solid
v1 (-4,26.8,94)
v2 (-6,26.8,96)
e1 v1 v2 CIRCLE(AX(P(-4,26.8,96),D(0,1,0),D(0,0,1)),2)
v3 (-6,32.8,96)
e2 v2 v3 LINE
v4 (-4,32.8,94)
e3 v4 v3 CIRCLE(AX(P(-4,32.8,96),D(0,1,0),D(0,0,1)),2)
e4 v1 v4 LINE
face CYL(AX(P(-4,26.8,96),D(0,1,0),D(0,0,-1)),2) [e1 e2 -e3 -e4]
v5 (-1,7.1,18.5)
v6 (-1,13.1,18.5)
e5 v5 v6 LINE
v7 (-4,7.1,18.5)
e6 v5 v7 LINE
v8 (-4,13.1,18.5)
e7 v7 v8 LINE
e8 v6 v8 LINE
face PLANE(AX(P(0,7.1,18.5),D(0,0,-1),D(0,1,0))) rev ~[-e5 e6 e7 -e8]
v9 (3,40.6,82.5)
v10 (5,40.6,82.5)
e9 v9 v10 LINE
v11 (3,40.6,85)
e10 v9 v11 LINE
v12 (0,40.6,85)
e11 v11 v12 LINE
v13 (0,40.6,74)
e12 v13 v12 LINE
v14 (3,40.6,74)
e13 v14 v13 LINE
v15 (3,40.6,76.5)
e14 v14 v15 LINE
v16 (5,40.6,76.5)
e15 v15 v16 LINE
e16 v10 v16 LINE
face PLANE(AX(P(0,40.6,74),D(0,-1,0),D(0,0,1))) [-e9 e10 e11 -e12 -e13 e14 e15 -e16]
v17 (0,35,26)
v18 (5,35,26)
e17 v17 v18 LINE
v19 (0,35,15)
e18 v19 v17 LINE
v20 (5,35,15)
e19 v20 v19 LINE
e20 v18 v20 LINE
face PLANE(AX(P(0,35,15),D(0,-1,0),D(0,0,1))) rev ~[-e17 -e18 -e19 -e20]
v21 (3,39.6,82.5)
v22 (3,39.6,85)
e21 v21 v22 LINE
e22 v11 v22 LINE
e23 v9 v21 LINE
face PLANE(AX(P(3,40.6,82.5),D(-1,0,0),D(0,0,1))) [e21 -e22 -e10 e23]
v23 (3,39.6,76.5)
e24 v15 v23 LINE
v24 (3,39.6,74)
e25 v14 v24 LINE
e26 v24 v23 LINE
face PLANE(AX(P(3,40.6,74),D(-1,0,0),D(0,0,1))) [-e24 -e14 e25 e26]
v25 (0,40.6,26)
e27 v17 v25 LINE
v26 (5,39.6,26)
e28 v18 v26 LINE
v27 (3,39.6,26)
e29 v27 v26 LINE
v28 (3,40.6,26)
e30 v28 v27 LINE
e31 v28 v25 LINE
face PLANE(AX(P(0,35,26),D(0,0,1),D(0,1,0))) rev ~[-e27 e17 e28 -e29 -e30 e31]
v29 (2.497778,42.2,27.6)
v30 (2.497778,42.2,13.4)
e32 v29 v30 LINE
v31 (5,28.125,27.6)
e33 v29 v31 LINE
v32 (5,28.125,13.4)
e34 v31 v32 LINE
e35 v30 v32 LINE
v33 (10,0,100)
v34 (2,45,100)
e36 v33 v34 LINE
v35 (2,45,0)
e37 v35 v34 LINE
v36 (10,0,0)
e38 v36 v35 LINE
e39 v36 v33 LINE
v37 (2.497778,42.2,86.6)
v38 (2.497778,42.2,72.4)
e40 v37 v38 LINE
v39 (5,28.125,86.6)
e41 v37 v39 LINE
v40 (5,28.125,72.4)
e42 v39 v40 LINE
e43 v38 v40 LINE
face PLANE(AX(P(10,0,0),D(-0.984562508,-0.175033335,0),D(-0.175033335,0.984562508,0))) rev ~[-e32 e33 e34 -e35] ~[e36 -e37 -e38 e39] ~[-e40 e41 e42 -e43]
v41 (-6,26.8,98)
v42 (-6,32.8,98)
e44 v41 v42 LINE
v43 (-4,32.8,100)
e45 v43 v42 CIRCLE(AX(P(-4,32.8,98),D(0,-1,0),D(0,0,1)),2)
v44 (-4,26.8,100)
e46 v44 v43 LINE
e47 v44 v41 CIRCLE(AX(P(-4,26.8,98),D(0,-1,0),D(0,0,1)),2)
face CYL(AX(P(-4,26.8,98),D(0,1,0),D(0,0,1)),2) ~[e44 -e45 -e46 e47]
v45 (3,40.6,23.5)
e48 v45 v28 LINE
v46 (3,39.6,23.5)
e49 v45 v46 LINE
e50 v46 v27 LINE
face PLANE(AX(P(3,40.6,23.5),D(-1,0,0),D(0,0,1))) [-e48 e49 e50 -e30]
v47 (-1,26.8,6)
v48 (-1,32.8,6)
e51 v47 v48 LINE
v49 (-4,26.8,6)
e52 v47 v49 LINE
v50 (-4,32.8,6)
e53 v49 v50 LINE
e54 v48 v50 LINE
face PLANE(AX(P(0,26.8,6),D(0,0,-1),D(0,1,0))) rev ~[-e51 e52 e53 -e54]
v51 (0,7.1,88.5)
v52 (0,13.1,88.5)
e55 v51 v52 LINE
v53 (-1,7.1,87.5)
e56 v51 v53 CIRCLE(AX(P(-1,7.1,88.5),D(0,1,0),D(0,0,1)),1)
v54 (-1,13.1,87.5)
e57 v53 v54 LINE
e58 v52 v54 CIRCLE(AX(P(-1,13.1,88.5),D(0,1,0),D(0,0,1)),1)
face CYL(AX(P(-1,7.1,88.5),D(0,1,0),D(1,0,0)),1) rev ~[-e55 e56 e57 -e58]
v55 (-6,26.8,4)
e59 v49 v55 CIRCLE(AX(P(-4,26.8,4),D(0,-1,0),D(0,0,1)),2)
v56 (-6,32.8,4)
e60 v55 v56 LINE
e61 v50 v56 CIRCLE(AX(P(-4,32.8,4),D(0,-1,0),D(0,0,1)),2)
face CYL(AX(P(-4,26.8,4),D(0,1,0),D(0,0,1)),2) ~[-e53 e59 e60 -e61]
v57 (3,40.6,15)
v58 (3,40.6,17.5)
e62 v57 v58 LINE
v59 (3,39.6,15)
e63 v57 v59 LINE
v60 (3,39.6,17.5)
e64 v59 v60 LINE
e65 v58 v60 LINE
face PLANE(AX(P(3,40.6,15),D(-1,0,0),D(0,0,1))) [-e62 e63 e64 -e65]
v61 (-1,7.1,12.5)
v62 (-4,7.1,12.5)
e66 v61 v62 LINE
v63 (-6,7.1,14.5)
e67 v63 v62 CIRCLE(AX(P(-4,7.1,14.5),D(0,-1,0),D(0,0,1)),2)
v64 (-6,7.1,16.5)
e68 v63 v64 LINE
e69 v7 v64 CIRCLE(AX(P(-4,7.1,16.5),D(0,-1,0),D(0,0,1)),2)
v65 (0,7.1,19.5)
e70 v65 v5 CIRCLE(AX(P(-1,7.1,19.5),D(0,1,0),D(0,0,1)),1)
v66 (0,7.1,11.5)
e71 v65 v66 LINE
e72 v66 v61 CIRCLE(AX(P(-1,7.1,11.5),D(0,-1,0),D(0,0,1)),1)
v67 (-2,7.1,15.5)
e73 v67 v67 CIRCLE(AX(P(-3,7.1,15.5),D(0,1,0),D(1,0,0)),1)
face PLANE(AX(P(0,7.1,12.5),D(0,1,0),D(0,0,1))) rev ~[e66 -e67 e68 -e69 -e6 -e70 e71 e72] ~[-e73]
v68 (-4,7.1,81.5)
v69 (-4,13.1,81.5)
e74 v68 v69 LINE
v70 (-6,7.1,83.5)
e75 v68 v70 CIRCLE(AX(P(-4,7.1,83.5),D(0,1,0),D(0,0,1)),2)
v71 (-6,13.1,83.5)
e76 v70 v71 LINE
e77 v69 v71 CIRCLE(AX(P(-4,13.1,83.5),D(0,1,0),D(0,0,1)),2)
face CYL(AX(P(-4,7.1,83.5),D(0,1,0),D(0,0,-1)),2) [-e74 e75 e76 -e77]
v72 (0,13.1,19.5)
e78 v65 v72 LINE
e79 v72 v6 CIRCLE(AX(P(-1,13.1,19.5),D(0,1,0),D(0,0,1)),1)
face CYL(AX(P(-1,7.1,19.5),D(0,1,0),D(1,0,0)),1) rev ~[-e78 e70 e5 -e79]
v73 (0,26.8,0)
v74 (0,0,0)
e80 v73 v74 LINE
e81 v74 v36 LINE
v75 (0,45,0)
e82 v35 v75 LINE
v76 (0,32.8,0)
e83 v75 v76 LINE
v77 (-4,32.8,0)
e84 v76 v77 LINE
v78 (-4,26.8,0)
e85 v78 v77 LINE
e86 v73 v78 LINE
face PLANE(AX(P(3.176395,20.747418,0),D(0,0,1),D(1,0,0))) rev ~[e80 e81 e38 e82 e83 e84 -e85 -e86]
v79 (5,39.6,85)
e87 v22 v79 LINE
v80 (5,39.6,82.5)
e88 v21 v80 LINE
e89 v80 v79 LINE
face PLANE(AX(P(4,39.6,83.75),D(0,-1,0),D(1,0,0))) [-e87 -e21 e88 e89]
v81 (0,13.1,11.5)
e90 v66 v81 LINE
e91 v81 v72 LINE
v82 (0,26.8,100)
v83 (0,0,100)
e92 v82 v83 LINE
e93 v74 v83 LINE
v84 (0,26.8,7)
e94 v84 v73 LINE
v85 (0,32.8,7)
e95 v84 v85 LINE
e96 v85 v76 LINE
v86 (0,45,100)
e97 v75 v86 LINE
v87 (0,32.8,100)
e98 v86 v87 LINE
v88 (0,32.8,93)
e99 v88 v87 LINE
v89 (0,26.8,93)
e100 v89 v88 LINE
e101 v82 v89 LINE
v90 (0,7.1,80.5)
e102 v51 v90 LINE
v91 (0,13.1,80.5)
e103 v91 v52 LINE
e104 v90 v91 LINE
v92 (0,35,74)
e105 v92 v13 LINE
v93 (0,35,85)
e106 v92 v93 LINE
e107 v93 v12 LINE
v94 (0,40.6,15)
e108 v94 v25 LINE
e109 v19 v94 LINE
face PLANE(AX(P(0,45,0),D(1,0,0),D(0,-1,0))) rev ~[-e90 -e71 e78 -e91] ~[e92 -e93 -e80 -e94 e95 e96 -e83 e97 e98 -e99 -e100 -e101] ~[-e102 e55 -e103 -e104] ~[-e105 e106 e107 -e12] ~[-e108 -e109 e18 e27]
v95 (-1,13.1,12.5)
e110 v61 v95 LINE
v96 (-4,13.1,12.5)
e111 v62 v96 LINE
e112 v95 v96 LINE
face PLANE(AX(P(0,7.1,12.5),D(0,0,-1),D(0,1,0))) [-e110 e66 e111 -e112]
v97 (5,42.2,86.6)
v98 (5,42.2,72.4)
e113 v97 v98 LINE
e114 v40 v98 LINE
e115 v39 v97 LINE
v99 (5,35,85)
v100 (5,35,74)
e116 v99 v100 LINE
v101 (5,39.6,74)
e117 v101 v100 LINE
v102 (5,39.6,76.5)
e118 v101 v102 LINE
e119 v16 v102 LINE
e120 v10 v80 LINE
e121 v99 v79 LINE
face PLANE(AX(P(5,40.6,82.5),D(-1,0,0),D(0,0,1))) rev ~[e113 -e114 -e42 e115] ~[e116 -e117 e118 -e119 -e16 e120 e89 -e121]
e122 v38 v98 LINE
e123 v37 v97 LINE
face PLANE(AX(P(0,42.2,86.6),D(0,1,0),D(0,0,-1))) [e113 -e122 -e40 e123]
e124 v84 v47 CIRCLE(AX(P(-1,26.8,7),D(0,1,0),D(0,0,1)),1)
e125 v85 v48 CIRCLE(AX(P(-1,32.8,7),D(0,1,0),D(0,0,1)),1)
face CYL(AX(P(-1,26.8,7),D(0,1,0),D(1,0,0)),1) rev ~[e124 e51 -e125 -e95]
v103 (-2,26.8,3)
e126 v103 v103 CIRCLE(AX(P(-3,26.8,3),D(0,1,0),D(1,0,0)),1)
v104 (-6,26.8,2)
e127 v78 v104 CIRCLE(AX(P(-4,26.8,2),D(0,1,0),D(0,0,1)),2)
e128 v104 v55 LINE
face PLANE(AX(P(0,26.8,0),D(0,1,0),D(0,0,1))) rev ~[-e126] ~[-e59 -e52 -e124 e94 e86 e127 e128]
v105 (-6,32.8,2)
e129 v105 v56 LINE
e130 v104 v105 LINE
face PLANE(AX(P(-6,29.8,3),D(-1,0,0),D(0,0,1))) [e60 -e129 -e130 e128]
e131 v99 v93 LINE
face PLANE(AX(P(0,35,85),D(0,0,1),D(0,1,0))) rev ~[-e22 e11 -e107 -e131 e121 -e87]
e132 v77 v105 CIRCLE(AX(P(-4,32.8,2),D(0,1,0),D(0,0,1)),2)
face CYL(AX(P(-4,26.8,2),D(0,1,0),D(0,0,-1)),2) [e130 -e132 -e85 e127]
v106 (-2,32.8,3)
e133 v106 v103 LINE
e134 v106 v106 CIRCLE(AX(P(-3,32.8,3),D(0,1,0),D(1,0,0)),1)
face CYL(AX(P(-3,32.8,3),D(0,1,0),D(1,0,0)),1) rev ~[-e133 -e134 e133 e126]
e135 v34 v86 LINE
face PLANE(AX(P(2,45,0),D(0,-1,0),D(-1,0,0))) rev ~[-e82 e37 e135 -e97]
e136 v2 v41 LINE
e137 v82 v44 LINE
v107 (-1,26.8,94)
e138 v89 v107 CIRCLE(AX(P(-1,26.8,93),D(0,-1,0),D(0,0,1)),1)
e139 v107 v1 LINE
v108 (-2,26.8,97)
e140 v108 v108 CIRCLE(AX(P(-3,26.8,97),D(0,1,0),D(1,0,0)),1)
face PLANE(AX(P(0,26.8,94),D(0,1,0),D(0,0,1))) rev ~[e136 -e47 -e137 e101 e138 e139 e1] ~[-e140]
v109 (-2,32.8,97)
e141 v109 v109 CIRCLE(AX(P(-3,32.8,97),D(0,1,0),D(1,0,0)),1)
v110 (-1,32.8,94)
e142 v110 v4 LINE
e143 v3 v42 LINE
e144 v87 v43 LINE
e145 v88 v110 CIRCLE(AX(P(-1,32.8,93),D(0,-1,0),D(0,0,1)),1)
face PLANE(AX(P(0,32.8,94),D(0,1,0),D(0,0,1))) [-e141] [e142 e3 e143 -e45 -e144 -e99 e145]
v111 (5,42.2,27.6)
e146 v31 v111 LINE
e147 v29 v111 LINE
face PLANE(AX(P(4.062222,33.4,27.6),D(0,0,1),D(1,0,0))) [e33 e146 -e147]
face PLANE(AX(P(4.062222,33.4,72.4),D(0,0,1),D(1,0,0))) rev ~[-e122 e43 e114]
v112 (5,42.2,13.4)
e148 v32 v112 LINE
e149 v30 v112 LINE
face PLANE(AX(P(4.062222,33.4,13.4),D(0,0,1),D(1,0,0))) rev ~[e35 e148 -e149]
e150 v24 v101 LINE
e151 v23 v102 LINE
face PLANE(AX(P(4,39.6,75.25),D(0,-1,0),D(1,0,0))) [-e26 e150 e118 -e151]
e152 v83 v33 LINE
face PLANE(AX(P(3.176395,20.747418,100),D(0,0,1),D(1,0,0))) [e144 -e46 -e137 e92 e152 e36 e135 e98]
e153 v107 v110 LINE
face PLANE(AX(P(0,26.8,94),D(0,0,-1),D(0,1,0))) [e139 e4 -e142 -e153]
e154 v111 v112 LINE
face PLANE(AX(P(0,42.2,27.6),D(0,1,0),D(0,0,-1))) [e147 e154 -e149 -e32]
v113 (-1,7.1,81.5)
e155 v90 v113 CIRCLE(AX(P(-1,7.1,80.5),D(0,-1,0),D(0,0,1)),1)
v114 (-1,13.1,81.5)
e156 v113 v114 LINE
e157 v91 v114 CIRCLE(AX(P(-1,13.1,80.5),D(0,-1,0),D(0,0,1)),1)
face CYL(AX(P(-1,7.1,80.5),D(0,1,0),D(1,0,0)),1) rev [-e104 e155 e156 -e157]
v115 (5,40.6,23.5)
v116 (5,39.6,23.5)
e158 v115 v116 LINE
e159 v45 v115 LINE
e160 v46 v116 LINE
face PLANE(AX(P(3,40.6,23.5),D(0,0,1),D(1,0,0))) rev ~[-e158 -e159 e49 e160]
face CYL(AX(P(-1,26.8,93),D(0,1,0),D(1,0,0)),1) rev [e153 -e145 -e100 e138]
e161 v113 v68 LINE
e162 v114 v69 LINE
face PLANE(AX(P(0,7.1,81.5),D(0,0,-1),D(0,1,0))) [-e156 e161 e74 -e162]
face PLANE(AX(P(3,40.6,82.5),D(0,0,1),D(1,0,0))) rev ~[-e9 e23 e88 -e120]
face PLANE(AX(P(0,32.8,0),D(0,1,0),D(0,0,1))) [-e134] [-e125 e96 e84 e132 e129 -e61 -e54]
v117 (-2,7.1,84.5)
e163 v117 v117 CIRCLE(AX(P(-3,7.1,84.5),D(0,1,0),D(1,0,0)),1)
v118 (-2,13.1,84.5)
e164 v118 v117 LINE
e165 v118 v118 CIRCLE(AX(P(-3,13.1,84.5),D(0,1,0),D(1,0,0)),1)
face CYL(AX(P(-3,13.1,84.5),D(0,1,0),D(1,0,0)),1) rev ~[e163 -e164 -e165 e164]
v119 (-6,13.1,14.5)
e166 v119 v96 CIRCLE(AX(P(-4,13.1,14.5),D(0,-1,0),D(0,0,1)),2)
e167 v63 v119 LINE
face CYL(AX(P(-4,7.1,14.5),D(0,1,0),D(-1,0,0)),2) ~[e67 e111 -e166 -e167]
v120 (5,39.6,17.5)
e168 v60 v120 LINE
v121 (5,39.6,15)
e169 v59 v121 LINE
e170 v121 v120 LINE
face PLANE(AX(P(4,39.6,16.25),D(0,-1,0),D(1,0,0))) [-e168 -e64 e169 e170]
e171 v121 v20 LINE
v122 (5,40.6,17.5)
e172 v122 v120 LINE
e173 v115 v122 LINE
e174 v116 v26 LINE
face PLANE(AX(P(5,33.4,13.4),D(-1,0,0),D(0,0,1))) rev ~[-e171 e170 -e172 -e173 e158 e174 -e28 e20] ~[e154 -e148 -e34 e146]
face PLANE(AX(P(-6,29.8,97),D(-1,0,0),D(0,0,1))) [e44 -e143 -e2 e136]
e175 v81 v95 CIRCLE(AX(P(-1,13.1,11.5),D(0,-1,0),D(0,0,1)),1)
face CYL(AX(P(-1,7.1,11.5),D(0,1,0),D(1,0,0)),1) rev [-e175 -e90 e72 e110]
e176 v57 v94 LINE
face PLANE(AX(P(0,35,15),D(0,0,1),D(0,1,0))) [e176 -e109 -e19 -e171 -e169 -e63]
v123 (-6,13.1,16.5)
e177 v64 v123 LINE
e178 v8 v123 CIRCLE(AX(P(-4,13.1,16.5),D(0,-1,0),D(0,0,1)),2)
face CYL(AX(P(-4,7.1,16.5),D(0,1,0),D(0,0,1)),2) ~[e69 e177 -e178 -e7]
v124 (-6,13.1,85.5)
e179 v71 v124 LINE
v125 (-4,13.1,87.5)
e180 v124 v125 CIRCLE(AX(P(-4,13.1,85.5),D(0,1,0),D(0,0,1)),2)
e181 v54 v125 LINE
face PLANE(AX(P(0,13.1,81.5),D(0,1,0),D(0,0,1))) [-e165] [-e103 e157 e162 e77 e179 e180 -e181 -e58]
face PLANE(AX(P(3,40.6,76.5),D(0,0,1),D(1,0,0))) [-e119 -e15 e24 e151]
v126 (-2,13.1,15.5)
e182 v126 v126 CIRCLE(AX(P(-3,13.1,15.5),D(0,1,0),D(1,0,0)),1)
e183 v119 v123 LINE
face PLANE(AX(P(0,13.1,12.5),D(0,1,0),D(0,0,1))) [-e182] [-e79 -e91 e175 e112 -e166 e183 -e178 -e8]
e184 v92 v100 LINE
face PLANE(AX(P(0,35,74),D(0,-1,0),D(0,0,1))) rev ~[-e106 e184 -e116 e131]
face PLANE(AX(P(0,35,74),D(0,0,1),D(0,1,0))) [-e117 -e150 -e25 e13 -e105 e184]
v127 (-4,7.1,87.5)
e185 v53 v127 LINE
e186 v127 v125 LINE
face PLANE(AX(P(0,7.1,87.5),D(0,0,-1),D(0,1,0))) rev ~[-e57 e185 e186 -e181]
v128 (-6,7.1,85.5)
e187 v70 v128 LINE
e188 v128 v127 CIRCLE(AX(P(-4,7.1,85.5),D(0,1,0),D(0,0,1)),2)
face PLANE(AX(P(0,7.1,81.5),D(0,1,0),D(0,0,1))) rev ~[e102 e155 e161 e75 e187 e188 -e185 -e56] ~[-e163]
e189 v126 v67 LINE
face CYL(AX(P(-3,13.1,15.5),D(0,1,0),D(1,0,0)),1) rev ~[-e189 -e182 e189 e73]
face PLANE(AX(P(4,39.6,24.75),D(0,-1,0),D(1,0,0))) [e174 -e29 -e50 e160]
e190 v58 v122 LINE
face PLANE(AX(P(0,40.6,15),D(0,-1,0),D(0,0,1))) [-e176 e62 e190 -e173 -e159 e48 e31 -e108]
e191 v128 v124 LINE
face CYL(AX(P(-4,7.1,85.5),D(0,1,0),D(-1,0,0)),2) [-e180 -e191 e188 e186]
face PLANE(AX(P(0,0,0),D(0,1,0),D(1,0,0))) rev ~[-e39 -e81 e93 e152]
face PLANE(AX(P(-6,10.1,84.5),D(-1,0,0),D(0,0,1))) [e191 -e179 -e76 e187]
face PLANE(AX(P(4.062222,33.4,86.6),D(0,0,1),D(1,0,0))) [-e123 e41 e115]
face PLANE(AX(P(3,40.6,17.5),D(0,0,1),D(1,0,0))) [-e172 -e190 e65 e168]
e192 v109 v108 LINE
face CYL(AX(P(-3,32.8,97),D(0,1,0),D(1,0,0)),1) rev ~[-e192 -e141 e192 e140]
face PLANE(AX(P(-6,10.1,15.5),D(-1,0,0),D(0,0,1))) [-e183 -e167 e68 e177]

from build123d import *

# Parameters (mm, degrees)
BOSS_EXTRUDE1_DEPTH = 100
SKETCH3_W           = 6
SKETCH3_H           = 6
BOSS_EXTRUDE2_DEPTH = 6
SKETCH4_R           = 1
CUT_EXTRUDE2_DEPTH  = 10
SKETCH5_R           = 1
CUT_EXTRUDE3_DEPTH  = 10
FILLET1_R           = 1
FILLET2_R           = 2
SKETCH7_W           = 11
SKETCH7_H           = 5.6
CUT_EXTRUDE4_DEPTH  = 10
SKETCH13_W          = 6
SKETCH13_H          = 6
BOSS_EXTRUDE3_DEPTH = 6
SKETCH14_R          = 1
CUT_EXTRUDE7_DEPTH  = 6
SKETCH16_R          = 1
CUT_EXTRUDE8_DEPTH  = 6
FILLET3_R           = 2
FILLET4_R           = 1
BOSS_EXTRUDE4_DEPTH = 5
BOSS_EXTRUDE5_DEPTH = 5
SKETCH19_W          = 0.937777778
SKETCH19_H          = 14.2
BOSS_EXTRUDE6_DEPTH = 10
SKETCH20_W          = 0.937777778
SKETCH20_H          = 14.2
BOSS_EXTRUDE7_DEPTH = 10
SKETCH21_W          = 2
SKETCH21_H          = 2.5
BOSS_EXTRUDE8_DEPTH = 1
SKETCH22_W          = 2
SKETCH22_H          = 2.5
BOSS_EXTRUDE9_DEPTH = 1


with BuildPart() as part:
    # Sketch1 → Boss-Extrude1 (new body)
    with BuildSketch(Plane.XY):
        Polygon((0, 0), (10, 0), (2, 45), (0, 45), align=None)
    extrude(amount=BOSS_EXTRUDE1_DEPTH)

    # Sketch3 → Boss-Extrude2 (add)
    with BuildSketch(Plane.ZY):
        with Locations((15.5, 10.1)):
            Rectangle(SKETCH3_W, SKETCH3_H)
        with Locations((84.5, 10.1)):
            Rectangle(SKETCH3_W, SKETCH3_H)
    extrude(amount=BOSS_EXTRUDE2_DEPTH)

    # Sketch4 → Cut-Extrude2 (cut)
    with BuildSketch(Plane(origin=(0, 13.1, 0), x_dir=(1, 0, 0), z_dir=(0, 1, 0))):
        with Locations((-3, -84.5)):
            Circle(SKETCH4_R)
    extrude(amount=-CUT_EXTRUDE2_DEPTH, mode=Mode.SUBTRACT)

    # Sketch5 → Cut-Extrude3 (cut)
    with BuildSketch(Plane(origin=(0, 13.1, 0), x_dir=(1, 0, 0), z_dir=(0, 1, 0))):
        with Locations((-3, -15.5)):
            Circle(SKETCH5_R)
    extrude(amount=-CUT_EXTRUDE3_DEPTH, mode=Mode.SUBTRACT)

    # Fillet1
    fillet1_edges = [part.edges().sort_by_distance(p)[0] for p in [
        (0, 10.1, 12.5),
        (0, 10.1, 18.5),
        (0, 10.1, 87.5),
        (0, 10.1, 81.5),
    ]]
    fillet(fillet1_edges, radius=FILLET1_R)

    # Fillet2
    fillet2_edges = [part.edges().sort_by_distance(p)[0] for p in [
        (-6, 10.1, 12.5),
        (-6, 10.1, 18.5),
        (-6, 10.1, 87.5),
        (-6, 10.1, 81.5),
    ]]
    fillet(fillet2_edges, radius=FILLET2_R)

    # Sketch7 → Cut-Extrude4 (cut)
    with BuildSketch(Plane.ZY):
        with Locations((20.5, 37.8)):
            Rectangle(SKETCH7_W, SKETCH7_H)
        with Locations((79.5, 37.8)):
            Rectangle(SKETCH7_W, SKETCH7_H)
    extrude(amount=-CUT_EXTRUDE4_DEPTH, mode=Mode.SUBTRACT)

    # Sketch13 → Boss-Extrude3 (add)
    with BuildSketch(Plane.ZY):
        with Locations((3, 29.8)):
            Rectangle(SKETCH13_W, SKETCH13_H)
        with Locations((97, 29.8)):
            Rectangle(SKETCH13_W, SKETCH13_H)
    extrude(amount=BOSS_EXTRUDE3_DEPTH)

    # Sketch14 → Cut-Extrude7 (cut)
    with BuildSketch(Plane(origin=(0, 32.8, 0), x_dir=(1, 0, 0), z_dir=(0, 1, 0))):
        with Locations((-3, -3)):
            Circle(SKETCH14_R)
    extrude(amount=-CUT_EXTRUDE7_DEPTH, mode=Mode.SUBTRACT)

    # Sketch16 → Cut-Extrude8 (cut)
    with BuildSketch(Plane(origin=(0, 32.8, 0), x_dir=(1, 0, 0), z_dir=(0, 1, 0))):
        with Locations((-3, -97)):
            Circle(SKETCH16_R)
    extrude(amount=-CUT_EXTRUDE8_DEPTH, mode=Mode.SUBTRACT)

    # Fillet3
    fillet3_edges = [part.edges().sort_by_distance(p)[0] for p in [
        (-6, 29.8, 0),
        (-6, 29.8, 6),
        (-6, 29.8, 94),
        (-6, 29.8, 100),
    ]]
    fillet(fillet3_edges, radius=FILLET3_R)

    # Fillet4
    fillet4_edges = [part.edges().sort_by_distance(p)[0] for p in [
        (0, 29.8, 6),
        (0, 29.8, 94),
    ]]
    fillet(fillet4_edges, radius=FILLET4_R)

    # Sketch17 → Boss-Extrude4 (add)
    with BuildSketch(Plane.ZY):
        Polygon((15, 35), (13.4, 35), (13.4, 42.2), (15, 42.2), (27.6, 42.2), (27.6, 35), (26, 35), (26, 40.6), (15, 40.6), align=None)
        Polygon((74, 35), (72.4, 35), (72.4, 42.2), (74, 42.2), (86.6, 42.2), (86.6, 35), (85, 35), (85, 40.6), (74, 40.6), align=None)
    extrude(amount=-BOSS_EXTRUDE4_DEPTH)

    # Sketch18 → Boss-Extrude5 (add)
    with BuildSketch(Plane.ZY):
        Polygon((15, 35), (13.4, 35), (13.4, 33.4), (27.6, 33.4), (27.6, 35), (26, 35), align=None)
        Polygon((74, 35), (72.4, 35), (72.4, 33.4), (86.6, 33.4), (86.6, 35), (85, 35), align=None)
    extrude(amount=-BOSS_EXTRUDE5_DEPTH)

    # Sketch19 → Boss-Extrude6 (add)
    with BuildSketch(Plane.XZ.offset(-33.4)):
        with Locations((4.531111111, 79.5)):
            Rectangle(SKETCH19_W, SKETCH19_H)
    extrude(amount=BOSS_EXTRUDE6_DEPTH)

    # Sketch20 → Boss-Extrude7 (add)
    with BuildSketch(Plane.XZ.offset(-33.4)):
        with Locations((4.531111111, 20.5)):
            Rectangle(SKETCH20_W, SKETCH20_H)
    extrude(amount=BOSS_EXTRUDE7_DEPTH)

    # Sketch21 → Boss-Extrude8 (add)
    with BuildSketch(Plane.XZ.offset(-40.6)):
        with Locations((4, 83.75)):
            Rectangle(SKETCH21_W, SKETCH21_H)
        with Locations((4, 75.25)):
            Rectangle(SKETCH21_W, SKETCH21_H)
    extrude(amount=BOSS_EXTRUDE8_DEPTH)

    # Sketch22 → Boss-Extrude9 (add)
    with BuildSketch(Plane.XZ.offset(-40.6)):
        with Locations((4, 16.25)):
            Rectangle(SKETCH22_W, SKETCH22_H)
        with Locations((4, 24.75)):
            Rectangle(SKETCH22_W, SKETCH22_H)
    extrude(amount=BOSS_EXTRUDE9_DEPTH)


solid = part.part
